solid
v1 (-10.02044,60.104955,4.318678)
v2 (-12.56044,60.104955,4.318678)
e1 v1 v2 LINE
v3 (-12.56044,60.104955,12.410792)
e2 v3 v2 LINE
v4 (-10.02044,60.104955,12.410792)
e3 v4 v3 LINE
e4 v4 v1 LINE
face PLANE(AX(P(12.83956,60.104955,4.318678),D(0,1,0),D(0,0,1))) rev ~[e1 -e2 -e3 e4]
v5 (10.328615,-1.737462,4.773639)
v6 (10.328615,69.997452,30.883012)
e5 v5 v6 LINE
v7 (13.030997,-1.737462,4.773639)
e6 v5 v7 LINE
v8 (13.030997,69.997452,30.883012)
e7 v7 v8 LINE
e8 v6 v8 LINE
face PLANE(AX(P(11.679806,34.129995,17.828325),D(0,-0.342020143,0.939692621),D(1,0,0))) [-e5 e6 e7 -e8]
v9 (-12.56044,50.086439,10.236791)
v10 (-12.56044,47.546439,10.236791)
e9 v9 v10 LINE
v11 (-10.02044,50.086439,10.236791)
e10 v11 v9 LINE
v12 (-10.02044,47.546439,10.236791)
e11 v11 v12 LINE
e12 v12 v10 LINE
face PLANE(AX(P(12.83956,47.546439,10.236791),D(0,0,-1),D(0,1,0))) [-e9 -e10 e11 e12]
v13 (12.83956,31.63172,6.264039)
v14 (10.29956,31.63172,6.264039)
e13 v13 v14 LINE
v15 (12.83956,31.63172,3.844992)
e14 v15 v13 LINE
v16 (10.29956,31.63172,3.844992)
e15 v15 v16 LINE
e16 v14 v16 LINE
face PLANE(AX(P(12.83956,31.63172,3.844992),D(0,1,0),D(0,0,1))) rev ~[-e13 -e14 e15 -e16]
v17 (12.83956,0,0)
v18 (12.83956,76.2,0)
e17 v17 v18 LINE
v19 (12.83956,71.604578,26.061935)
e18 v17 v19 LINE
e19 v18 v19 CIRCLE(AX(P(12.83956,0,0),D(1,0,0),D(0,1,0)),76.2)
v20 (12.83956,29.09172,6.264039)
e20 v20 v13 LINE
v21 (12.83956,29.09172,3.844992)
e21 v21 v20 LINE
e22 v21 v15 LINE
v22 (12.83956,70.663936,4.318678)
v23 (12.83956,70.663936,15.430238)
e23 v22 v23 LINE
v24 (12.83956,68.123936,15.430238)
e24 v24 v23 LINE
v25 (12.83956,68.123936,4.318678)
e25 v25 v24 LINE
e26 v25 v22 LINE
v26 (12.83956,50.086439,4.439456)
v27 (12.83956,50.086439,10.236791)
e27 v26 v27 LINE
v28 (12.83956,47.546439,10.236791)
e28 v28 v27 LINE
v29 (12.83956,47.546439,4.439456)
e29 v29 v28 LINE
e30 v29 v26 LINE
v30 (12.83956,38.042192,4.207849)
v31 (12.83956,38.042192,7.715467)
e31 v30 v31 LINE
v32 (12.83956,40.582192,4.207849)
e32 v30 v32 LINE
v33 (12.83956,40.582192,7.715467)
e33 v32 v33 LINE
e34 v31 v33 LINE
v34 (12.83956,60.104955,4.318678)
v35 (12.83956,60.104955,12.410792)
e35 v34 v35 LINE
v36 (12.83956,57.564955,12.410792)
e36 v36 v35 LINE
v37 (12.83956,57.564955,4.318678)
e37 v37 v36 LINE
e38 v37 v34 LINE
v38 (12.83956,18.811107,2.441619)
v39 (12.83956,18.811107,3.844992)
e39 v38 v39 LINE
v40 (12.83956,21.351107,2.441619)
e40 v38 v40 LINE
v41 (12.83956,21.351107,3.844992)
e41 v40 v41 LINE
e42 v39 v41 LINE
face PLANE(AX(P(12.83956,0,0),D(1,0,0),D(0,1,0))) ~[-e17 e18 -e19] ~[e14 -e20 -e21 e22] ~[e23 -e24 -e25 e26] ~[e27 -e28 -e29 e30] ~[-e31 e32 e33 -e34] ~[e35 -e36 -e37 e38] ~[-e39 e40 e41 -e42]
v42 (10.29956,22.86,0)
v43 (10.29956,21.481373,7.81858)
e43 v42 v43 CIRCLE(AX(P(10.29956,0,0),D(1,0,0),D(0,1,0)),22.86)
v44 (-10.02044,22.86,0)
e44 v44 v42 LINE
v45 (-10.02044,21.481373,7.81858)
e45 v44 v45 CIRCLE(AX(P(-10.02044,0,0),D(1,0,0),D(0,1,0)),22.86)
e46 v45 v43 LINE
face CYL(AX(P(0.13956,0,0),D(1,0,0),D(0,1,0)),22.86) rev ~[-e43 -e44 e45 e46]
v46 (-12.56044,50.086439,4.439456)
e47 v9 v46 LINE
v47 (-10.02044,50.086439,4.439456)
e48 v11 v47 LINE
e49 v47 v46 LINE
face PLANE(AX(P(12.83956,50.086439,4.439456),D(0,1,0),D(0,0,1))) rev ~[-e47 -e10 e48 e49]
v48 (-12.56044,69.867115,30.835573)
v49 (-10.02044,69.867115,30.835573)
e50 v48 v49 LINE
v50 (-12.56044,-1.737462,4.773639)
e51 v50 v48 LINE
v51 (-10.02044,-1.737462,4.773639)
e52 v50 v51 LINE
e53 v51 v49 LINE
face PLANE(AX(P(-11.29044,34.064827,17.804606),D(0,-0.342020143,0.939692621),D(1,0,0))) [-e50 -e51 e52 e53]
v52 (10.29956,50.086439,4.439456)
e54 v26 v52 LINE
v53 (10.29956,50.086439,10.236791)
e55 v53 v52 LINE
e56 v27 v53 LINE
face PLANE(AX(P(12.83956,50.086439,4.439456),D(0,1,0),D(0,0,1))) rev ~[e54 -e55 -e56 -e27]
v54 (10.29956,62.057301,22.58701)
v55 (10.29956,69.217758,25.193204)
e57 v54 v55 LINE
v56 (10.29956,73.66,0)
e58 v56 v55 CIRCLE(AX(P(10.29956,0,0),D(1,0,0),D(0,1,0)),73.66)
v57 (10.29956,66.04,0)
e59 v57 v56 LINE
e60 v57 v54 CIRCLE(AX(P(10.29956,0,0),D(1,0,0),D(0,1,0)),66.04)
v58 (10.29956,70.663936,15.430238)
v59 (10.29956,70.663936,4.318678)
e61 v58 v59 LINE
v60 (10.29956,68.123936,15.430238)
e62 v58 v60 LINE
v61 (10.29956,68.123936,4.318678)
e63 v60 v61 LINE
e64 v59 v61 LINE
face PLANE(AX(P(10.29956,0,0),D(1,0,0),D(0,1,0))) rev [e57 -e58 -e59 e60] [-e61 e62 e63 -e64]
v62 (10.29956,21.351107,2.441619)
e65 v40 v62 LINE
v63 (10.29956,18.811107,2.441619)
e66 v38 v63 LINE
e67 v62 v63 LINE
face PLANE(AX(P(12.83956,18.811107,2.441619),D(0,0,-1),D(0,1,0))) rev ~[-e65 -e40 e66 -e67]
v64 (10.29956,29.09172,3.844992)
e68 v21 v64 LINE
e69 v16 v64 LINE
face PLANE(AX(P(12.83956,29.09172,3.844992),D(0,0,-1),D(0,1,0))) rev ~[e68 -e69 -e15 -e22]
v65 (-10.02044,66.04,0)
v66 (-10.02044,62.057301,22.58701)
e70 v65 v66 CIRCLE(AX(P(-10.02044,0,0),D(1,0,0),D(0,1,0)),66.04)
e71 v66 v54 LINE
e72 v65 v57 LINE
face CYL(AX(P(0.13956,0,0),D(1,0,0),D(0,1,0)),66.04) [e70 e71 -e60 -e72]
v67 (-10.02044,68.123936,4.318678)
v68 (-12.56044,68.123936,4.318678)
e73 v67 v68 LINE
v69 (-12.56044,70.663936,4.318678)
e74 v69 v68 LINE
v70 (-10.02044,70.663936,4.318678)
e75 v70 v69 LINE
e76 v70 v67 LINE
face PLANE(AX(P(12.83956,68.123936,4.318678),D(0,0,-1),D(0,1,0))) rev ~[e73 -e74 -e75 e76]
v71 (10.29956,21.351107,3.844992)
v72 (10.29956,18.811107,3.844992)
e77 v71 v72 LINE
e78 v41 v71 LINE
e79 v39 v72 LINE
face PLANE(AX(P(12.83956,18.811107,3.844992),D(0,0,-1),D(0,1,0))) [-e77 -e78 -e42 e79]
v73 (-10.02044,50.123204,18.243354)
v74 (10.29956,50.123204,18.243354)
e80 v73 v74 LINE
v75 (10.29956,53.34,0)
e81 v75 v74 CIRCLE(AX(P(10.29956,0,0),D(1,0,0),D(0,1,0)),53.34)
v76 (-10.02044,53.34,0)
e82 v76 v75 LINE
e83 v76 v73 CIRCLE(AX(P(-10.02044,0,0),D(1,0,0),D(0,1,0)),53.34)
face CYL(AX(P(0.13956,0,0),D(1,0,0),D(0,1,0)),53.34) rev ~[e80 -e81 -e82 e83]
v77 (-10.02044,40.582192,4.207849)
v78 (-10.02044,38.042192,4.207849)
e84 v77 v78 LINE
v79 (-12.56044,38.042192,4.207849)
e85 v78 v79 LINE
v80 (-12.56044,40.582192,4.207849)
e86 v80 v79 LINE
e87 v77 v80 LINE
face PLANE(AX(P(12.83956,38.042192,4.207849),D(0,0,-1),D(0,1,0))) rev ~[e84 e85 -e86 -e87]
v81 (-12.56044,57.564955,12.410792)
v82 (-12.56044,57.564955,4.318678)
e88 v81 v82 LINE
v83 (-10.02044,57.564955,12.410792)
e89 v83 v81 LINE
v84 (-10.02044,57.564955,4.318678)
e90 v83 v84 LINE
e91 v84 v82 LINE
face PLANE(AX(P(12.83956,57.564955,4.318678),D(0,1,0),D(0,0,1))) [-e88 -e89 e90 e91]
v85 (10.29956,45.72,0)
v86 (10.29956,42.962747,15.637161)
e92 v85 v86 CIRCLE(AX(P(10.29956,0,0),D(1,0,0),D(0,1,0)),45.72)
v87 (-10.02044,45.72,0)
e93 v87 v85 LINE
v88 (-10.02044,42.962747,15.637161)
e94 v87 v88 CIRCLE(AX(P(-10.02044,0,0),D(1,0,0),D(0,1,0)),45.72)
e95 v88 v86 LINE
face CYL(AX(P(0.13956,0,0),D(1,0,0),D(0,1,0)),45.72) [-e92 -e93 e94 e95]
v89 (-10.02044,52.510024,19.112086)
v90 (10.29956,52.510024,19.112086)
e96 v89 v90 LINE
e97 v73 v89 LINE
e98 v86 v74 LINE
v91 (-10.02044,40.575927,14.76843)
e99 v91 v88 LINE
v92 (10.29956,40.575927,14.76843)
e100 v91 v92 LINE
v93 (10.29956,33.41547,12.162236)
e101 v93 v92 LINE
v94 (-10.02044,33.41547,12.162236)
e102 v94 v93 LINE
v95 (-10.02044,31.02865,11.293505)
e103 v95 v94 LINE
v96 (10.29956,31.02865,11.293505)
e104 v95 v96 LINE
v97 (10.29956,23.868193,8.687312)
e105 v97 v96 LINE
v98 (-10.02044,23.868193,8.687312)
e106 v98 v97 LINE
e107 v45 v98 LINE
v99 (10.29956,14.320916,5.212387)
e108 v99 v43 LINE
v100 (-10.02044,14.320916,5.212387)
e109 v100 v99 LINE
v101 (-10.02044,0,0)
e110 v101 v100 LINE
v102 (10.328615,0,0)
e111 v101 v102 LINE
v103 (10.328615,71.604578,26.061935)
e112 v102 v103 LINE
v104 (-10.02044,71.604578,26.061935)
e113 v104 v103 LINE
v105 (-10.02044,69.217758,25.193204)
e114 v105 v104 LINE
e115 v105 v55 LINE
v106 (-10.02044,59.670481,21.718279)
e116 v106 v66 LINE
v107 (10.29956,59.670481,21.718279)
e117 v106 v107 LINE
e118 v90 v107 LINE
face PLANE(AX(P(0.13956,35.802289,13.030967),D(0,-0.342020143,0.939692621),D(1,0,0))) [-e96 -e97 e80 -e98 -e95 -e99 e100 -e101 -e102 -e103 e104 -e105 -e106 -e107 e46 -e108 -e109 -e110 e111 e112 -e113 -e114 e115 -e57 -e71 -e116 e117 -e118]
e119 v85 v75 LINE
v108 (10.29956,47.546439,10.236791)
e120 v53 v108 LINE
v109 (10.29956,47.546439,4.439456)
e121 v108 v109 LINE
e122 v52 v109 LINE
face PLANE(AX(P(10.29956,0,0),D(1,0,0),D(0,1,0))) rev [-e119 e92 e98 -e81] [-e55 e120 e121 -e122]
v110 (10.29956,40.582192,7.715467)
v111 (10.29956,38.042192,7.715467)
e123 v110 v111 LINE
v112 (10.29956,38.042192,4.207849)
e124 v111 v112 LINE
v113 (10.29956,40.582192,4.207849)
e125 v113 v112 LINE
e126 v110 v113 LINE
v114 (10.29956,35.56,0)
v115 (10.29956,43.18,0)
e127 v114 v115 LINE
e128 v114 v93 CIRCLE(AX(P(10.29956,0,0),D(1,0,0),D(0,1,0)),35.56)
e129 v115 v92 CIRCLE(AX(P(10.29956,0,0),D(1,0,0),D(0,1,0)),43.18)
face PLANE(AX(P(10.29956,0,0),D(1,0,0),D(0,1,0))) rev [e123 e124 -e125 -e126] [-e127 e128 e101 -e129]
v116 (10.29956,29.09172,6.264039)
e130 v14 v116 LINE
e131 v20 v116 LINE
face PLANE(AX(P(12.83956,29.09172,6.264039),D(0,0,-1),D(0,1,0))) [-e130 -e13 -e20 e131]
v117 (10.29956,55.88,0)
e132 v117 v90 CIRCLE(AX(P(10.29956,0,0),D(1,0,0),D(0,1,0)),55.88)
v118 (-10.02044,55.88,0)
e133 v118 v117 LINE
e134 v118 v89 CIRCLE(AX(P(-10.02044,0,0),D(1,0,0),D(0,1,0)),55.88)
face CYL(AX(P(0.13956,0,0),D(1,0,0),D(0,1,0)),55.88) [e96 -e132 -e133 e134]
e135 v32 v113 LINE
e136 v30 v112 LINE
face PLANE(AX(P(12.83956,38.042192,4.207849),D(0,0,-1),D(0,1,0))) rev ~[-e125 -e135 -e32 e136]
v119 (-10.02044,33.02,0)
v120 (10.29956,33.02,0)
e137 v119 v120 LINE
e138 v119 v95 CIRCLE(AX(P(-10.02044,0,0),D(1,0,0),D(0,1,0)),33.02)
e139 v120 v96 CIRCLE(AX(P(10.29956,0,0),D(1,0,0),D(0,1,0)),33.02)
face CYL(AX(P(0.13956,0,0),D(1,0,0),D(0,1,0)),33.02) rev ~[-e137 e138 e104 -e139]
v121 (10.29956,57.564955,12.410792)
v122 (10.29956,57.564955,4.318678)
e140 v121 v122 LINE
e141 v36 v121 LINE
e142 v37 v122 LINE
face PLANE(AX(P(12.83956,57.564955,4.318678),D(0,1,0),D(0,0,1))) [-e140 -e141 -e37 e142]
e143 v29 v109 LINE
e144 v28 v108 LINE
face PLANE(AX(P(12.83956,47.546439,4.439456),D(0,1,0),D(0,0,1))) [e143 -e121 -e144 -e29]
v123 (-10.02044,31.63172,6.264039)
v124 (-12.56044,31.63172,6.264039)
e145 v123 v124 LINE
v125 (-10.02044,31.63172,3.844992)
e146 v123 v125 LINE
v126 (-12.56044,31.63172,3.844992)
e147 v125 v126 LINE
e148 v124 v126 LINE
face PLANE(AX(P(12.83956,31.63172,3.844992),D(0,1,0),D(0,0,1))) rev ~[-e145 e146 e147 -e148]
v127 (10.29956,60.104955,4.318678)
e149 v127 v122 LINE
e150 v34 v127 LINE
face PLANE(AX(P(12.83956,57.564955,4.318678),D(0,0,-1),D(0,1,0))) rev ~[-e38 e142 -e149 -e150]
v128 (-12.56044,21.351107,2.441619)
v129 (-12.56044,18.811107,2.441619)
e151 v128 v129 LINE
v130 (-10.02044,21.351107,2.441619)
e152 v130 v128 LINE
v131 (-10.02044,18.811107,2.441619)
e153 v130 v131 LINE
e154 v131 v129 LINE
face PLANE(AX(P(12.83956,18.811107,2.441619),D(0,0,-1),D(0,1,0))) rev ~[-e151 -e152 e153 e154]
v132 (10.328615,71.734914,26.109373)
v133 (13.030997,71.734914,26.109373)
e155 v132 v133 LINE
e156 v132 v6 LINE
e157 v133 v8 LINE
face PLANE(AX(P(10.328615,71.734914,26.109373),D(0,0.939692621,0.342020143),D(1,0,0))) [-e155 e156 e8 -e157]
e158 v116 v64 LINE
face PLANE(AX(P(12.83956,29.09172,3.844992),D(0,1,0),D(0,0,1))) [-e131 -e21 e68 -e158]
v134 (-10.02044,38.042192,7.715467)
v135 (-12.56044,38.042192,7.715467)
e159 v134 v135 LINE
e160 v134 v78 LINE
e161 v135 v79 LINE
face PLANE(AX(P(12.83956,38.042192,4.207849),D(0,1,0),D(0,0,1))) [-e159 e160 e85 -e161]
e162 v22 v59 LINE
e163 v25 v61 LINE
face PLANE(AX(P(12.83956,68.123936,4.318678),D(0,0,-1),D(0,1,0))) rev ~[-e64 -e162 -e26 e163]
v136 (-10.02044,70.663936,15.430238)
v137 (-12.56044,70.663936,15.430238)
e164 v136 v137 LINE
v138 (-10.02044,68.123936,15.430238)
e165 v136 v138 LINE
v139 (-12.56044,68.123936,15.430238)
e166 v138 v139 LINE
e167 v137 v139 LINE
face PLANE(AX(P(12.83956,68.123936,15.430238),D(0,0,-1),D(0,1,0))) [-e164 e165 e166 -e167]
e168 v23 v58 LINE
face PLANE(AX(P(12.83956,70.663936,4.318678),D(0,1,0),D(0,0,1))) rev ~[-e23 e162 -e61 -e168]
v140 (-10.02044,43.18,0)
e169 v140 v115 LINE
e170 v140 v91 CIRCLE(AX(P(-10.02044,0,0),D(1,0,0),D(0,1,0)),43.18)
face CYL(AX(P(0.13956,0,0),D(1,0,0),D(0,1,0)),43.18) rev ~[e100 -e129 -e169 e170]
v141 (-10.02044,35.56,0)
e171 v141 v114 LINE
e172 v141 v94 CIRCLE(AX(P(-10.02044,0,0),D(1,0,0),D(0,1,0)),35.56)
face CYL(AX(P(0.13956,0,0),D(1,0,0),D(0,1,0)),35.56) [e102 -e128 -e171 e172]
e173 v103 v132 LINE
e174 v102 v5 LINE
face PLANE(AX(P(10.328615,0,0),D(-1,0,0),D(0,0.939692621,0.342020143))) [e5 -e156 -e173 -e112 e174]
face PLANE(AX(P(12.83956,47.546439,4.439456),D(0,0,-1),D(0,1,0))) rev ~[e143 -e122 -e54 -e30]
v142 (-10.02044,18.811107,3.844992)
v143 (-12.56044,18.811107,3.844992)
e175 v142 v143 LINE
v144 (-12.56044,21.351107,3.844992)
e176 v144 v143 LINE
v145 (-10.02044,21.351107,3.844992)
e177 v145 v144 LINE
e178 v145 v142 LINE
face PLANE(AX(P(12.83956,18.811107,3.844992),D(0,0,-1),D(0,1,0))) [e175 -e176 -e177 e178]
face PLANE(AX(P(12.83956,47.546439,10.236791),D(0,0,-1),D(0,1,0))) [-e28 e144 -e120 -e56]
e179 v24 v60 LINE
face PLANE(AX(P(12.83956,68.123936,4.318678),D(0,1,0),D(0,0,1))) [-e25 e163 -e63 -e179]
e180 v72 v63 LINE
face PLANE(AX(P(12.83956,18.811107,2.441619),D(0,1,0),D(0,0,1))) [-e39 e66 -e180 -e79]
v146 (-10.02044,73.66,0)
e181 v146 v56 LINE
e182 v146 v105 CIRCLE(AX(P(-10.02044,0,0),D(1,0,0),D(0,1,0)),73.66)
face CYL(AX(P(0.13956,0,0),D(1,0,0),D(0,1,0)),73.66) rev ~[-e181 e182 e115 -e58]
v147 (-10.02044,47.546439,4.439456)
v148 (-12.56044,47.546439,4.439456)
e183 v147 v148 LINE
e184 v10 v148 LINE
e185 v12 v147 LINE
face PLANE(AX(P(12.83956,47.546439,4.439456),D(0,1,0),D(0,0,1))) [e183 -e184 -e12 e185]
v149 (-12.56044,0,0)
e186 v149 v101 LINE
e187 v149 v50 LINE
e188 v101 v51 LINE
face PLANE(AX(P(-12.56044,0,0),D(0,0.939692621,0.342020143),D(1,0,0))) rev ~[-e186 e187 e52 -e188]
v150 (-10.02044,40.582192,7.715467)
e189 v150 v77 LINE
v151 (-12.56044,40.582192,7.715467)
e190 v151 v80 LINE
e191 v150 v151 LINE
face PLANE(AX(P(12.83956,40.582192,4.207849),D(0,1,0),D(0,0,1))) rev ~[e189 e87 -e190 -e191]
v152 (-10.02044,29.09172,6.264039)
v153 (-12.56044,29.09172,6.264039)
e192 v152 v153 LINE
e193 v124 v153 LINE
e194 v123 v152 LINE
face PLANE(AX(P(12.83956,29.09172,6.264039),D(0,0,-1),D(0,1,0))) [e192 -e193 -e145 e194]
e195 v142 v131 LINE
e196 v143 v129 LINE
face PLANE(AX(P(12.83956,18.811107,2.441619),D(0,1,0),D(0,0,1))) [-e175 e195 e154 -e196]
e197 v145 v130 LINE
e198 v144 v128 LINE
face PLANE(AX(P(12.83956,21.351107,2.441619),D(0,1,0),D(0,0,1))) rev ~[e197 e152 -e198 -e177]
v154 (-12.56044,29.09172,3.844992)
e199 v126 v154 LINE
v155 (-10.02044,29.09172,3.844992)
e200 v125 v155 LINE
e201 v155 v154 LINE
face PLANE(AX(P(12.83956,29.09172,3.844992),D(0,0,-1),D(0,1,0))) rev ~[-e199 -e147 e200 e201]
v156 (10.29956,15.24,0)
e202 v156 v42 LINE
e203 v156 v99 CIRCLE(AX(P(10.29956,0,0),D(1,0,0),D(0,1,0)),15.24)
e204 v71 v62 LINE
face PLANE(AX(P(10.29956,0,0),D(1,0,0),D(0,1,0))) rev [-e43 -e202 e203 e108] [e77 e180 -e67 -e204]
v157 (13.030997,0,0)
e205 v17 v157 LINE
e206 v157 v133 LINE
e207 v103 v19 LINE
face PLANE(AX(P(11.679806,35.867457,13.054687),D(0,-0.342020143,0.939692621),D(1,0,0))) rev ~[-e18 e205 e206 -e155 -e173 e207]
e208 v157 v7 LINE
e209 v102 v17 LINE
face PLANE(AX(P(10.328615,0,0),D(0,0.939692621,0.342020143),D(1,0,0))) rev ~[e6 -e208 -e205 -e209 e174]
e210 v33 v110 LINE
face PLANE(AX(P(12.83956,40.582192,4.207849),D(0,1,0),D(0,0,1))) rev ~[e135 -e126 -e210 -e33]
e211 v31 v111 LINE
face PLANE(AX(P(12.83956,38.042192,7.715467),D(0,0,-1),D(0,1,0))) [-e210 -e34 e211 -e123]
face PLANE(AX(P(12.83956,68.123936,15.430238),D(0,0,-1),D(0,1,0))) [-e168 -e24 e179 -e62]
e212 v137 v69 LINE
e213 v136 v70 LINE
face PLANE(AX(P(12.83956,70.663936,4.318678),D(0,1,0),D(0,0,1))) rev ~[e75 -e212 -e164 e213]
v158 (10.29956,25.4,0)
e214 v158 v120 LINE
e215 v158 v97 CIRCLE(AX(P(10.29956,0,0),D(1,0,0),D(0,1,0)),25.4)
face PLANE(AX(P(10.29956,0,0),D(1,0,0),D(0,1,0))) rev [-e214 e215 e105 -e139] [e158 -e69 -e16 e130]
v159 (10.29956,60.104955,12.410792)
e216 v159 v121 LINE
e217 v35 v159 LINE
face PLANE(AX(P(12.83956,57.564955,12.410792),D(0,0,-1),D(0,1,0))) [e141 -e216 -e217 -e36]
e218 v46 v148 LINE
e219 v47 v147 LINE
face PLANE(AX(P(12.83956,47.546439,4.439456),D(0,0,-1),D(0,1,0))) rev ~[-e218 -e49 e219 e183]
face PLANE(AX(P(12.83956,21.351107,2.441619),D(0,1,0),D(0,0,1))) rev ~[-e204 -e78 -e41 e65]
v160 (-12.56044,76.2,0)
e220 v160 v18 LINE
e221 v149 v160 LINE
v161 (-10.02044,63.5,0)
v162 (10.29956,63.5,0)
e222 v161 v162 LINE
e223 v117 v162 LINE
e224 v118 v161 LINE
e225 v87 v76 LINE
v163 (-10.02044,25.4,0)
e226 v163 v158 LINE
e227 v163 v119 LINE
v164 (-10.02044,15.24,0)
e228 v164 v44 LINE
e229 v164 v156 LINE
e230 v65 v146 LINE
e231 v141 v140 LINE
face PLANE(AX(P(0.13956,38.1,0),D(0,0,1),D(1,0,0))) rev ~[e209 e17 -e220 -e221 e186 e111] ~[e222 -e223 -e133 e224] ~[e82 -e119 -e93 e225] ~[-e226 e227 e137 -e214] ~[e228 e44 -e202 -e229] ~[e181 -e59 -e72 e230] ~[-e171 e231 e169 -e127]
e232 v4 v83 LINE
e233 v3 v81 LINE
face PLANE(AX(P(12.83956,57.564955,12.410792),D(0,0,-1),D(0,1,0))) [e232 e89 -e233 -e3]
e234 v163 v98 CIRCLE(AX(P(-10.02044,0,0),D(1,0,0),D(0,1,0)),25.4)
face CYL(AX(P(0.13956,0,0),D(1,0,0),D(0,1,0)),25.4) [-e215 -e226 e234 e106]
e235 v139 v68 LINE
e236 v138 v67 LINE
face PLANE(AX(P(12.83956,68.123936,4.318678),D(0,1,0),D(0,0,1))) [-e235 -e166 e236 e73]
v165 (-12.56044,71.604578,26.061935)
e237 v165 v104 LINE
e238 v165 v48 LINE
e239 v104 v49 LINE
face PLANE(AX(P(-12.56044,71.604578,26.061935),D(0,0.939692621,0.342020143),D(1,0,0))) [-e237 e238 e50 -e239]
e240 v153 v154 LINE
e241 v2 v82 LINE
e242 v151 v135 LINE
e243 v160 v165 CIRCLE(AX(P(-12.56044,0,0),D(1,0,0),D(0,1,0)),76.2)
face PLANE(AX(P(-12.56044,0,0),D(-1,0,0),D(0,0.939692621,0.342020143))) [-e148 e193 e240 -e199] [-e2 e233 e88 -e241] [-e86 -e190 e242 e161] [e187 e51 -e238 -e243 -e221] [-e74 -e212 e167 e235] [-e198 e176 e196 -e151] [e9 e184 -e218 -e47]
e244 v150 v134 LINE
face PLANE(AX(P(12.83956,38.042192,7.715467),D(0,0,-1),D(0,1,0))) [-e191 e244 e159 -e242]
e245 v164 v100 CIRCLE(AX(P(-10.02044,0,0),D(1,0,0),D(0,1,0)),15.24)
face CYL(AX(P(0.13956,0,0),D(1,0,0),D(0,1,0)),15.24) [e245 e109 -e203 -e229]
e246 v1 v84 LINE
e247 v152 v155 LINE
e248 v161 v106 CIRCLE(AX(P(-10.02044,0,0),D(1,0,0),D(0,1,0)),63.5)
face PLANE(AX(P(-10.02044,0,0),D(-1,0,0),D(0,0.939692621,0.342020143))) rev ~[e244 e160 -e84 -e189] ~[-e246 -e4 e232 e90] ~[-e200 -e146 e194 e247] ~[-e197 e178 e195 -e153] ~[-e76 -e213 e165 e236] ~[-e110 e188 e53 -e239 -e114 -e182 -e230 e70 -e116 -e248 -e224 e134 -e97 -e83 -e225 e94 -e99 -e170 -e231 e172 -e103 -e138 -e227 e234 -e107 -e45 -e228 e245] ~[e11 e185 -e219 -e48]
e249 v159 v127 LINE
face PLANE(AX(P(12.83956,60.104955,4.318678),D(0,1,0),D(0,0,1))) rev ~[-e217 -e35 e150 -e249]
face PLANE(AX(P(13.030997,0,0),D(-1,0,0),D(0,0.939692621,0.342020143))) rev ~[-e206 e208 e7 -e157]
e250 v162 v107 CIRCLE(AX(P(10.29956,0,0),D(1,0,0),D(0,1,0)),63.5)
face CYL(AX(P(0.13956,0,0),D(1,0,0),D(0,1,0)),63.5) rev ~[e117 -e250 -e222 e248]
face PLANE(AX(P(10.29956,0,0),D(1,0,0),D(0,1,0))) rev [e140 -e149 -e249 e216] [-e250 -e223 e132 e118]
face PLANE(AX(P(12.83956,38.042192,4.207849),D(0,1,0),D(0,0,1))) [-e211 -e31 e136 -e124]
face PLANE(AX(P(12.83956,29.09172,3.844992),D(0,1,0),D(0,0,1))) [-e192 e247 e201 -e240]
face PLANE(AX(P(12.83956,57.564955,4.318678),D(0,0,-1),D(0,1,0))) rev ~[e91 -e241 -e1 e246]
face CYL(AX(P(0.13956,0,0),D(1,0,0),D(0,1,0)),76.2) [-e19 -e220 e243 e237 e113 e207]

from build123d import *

# Parameters (mm, degrees)
F0_W     = 25.4
F0_H     = 76.2
F0_W_2   = 20.32
F0_H_2   = 7.62
F1_ANGLE = 20
F2_W     = 2.54
F2_H     = 76.2
F2_W_2   = 2.7023823932
F2_H_2   = 76.3387009501
F3_DEPTH = 5.08
F4_W     = 2.54
F4_H     = 11.1115600293
F4_H_2   = 8.0921141291
F4_H_3   = 5.7973351781
F4_H_4   = 3.5076183132
F4_H_5   = 2.4190474503
F4_H_6   = 1.4033722508
F5_DEPTH = 25.401


with BuildPart() as f1:
    # F0 (on Top) → F1 (revolve)
    with BuildSketch(Plane.XY):
        with Locations((0.1395599202, 38.1)):
            Rectangle(F0_W, F0_H)
        with Locations((0.1395599202, 19.05)):
            Rectangle(F0_W_2, F0_H_2, mode=Mode.SUBTRACT)
        with Locations((0.1395599202, 29.21)):
            Rectangle(F0_W_2, F0_H_2, mode=Mode.SUBTRACT)
        with Locations((0.1395599202, 39.37)):
            Rectangle(F0_W_2, F0_H_2, mode=Mode.SUBTRACT)
        with Locations((0.1395599202, 49.53)):
            Rectangle(F0_W_2, F0_H_2, mode=Mode.SUBTRACT)
        with Locations((0.1395599202, 59.69)):
            Rectangle(F0_W_2, F0_H_2, mode=Mode.SUBTRACT)
        with Locations((0.1395599202, 69.85)):
            Rectangle(F0_W_2, F0_H_2, mode=Mode.SUBTRACT)
    revolve(axis=Axis((0.1395599202, 0, 0), (1, 0, 0)), revolution_arc=F1_ANGLE)

    # F2 (on face) → F3 (join)
    with BuildSketch(Plane(origin=(0, 0, 0), x_dir=(1, 0, 0), z_dir=(0, -0.3420201433, 0.9396926208))):
        with Locations((-11.2904400798, 38.1)):
            Rectangle(F2_W, F2_H)
        with Locations((11.6798062809, 38.1693504751)):
            Rectangle(F2_W_2, F2_H_2)
    extrude(amount=F3_DEPTH)

    # F4 (on face) → F5 (cut, through all)
    with BuildSketch(Plane.YZ.offset(12.8395599202)):
        with Locations((69.3939362815, 9.8744578206)):
            Rectangle(F4_W, F4_H)
        with Locations((58.834955257, 8.3647348704)):
            Rectangle(F4_W, F4_H_2)
        with Locations((48.8164393489, 7.3381234978)):
            Rectangle(F4_W, F4_H_3)
        with Locations((39.3121916656, 5.9616579595)):
            Rectangle(F4_W, F4_H_4)
        with Locations((30.3617200801, 5.0545152959)):
            Rectangle(F4_W, F4_H_5)
        with Locations((20.0811068022, 3.1433054453)):
            Rectangle(F4_W, F4_H_6)
    extrude(amount=-F5_DEPTH, mode=Mode.SUBTRACT)


solid = f1.part
